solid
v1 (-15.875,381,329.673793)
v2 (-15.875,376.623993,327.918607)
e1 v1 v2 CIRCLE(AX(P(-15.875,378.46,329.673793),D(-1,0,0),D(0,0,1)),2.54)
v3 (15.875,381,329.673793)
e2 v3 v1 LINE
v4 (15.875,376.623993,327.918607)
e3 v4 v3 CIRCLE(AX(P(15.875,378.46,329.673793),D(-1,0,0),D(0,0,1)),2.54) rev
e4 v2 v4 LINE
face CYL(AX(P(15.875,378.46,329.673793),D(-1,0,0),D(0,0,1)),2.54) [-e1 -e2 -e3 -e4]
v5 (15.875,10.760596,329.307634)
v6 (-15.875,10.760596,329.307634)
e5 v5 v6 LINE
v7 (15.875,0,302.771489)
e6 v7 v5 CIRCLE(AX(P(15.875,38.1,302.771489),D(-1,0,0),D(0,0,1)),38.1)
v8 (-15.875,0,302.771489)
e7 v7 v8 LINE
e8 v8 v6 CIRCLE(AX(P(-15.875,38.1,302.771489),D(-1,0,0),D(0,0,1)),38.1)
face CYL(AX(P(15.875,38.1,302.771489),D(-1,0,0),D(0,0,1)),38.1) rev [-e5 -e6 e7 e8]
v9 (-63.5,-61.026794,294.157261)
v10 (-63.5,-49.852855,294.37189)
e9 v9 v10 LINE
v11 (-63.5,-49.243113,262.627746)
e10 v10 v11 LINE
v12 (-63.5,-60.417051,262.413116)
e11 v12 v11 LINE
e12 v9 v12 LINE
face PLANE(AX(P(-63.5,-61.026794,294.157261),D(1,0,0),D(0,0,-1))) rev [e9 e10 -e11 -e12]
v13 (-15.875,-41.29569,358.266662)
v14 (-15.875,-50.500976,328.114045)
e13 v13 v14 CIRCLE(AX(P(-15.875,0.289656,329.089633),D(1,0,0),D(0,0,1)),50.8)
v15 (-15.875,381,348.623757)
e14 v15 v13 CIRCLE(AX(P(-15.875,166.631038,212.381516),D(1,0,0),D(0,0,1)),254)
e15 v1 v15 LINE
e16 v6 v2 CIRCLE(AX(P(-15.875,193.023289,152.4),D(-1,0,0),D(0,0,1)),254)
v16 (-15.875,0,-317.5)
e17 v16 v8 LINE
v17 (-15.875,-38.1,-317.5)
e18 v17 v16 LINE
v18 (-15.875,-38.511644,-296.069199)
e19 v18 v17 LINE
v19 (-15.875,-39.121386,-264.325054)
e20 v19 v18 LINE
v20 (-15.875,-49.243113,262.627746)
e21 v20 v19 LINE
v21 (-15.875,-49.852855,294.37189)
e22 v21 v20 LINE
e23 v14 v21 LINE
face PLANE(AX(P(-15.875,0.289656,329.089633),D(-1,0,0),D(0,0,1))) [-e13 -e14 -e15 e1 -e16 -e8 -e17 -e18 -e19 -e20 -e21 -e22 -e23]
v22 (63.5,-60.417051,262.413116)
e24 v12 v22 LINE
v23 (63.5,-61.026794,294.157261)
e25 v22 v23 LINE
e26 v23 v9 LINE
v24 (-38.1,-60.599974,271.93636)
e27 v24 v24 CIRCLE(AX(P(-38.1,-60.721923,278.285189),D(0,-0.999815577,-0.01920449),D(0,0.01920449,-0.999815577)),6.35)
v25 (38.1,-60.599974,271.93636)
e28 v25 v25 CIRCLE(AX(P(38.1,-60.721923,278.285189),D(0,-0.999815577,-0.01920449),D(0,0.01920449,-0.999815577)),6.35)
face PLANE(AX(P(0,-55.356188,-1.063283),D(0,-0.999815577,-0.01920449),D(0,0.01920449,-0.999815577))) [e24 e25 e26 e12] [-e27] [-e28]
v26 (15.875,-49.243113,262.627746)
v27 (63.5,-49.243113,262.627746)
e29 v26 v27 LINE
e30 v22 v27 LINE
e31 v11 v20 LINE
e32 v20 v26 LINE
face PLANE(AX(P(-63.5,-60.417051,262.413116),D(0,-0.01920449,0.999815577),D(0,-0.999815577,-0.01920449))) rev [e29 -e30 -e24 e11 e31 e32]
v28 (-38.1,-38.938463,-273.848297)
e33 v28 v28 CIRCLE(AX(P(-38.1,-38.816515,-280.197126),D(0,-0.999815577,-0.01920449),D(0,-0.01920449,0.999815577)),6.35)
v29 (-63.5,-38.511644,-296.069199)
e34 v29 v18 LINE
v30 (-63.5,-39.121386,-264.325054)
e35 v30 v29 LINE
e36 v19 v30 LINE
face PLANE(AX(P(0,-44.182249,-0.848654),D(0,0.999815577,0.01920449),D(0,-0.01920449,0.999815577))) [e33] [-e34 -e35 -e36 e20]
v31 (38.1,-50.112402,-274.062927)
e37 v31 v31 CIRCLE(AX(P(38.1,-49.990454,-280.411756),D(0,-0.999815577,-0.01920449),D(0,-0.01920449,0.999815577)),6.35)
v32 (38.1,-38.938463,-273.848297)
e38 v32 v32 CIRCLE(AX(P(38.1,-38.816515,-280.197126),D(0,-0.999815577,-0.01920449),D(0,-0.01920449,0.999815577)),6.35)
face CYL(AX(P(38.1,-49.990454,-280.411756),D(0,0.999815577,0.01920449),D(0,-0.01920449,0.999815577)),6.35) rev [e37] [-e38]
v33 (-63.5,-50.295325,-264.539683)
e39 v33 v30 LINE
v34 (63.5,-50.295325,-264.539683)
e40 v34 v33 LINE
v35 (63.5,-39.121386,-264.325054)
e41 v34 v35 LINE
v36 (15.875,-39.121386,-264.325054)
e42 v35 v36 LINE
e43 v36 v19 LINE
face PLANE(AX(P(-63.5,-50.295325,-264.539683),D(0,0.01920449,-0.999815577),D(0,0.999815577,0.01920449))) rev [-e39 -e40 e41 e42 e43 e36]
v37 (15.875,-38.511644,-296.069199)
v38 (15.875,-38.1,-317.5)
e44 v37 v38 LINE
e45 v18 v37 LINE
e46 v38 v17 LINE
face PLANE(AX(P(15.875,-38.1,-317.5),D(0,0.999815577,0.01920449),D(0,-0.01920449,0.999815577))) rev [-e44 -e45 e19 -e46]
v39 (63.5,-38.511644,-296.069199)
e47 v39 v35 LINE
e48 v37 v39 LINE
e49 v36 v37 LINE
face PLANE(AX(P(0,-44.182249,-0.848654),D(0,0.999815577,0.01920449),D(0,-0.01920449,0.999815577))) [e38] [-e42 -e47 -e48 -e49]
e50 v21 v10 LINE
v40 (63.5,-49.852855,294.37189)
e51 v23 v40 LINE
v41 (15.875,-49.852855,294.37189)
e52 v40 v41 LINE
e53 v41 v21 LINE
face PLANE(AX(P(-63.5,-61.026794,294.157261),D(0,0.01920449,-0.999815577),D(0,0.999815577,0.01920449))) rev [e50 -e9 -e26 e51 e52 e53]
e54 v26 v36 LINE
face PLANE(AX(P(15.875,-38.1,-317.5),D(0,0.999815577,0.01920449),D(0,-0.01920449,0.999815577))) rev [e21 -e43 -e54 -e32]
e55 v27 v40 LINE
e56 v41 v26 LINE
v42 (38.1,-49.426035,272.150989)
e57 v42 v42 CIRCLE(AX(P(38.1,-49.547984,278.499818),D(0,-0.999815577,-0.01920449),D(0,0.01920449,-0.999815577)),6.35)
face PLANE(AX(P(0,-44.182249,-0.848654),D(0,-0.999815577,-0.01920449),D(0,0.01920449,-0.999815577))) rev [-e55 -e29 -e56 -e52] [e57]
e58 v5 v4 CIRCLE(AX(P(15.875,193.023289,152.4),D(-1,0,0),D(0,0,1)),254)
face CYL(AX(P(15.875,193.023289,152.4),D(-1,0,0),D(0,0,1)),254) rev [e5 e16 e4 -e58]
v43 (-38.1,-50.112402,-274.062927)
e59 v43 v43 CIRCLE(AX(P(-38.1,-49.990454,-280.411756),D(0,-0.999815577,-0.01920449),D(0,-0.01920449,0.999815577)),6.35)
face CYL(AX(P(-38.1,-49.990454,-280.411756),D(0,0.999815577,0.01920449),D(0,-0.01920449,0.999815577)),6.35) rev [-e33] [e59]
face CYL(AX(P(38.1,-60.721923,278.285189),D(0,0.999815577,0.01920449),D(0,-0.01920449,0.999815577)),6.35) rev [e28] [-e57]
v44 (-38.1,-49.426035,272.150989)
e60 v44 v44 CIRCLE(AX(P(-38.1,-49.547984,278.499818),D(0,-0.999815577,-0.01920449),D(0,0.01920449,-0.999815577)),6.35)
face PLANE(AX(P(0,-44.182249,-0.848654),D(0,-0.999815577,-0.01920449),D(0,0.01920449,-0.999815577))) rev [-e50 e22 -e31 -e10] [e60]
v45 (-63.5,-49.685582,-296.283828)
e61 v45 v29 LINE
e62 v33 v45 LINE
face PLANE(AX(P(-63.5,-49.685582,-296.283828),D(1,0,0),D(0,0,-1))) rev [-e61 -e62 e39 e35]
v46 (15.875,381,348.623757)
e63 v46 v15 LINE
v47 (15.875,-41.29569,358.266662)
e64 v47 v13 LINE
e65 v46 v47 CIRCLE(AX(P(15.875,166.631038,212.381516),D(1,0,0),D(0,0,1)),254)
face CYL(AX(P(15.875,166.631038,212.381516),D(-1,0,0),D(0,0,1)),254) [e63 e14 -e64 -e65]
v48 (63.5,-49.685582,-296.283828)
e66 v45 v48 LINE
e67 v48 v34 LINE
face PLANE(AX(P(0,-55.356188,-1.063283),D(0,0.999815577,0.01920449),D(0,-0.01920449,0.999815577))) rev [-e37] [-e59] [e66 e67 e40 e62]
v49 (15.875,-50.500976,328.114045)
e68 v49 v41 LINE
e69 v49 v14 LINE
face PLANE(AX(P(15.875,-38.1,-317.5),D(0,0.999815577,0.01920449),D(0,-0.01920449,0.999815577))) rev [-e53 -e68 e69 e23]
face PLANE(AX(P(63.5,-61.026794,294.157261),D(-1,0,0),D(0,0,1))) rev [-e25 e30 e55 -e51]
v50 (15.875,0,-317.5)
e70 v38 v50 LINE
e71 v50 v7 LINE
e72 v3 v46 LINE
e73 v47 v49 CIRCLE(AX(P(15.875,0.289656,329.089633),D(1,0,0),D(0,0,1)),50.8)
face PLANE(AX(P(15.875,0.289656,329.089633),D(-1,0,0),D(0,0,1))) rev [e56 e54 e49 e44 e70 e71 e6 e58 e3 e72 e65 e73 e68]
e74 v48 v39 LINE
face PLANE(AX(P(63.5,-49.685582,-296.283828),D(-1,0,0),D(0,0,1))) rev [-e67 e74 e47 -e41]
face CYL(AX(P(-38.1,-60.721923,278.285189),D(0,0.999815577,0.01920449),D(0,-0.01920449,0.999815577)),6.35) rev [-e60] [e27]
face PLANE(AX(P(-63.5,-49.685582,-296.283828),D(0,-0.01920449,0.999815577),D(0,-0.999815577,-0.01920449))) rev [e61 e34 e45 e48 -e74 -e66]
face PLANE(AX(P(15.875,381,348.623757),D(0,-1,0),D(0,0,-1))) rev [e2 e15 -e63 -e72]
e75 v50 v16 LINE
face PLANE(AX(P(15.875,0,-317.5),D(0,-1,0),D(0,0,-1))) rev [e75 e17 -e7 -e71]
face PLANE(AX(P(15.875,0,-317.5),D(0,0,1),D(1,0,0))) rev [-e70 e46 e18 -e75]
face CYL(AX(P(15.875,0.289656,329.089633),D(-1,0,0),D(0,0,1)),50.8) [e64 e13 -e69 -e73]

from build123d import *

# Parameters (mm, degrees)
BOSS_EXTRUDE1_DEPTH = 15.875
SKETCH2_W           = 127
SKETCH2_H           = 31.75
SKETCH2_R           = 6.35
BOSS_EXTRUDE2_DEPTH = 11.176
FILLET1_R           = 2.54


with BuildPart() as part:
    # Sketch1 → Boss-Extrude1 (new, symmetric)
    with BuildSketch(Plane(origin=(0, 0, 0), x_dir=(0, 0, -1), z_dir=(1, 0, 0))):
        with BuildLine():
            Line((317.5, 0), (-302.771488663, 0))
            ThreePointArc((-302.771488663, 0), (-317.088938009, 2.792484593), (-329.307633721, 10.760596103))
            ThreePointArc((-329.307633721, 10.760596103), (-406.365714437, 197.196523766), (-323.223757211, 381))
            Line((-323.223757211, 381), (-348.623757211, 381))
            ThreePointArc((-348.623757211, 381), (-466.315322723, 172.429486078), (-358.266662239, -41.295689879))
            ThreePointArc((-358.266662239, -41.295689879), (-343.922523577, -48.296611465), (-328.11404497, -50.500975578))
            Line((-328.11404497, -50.500975578), (317.5, -38.1))
            Line((317.5, -38.1), (317.5, 0))
        make_face()
    extrude(amount=BOSS_EXTRUDE1_DEPTH, both=True)

    # Sketch2 → Boss-Extrude2 (add)
    # profile 1 of 2: a face of its own
    with BuildSketch(Plane(origin=(0, -44.182249353, -0.848654083), x_dir=(1, 0, 0), z_dir=(0, -0.9998155767735977, -0.019204490122845825))):
        with Locations((0, 279.4)):
            Rectangle(SKETCH2_W, SKETCH2_H)
        with Locations(Location((38.1, 279.4, 0), (0, 0, 270))):
            Circle(SKETCH2_R, mode=Mode.SUBTRACT)
        with Locations(Location((-38.1, 279.4, 0), (0, 0, 270))):
            Circle(SKETCH2_R, mode=Mode.SUBTRACT)
    # profile 2 of 2: a face of its own
    with BuildSketch(Plane(origin=(0, -44.182249353, -0.848654083), x_dir=(1, 0, 0), z_dir=(0, -0.9998155767735977, -0.019204490122845825))):
        with Locations((0, -279.4)):
            Rectangle(SKETCH2_W, SKETCH2_H)
        with Locations(Location((-38.1, -279.4, 0), (0, 0, 90))):
            Circle(SKETCH2_R, mode=Mode.SUBTRACT)
        with Locations(Location((38.1, -279.4, 0), (0, 0, 90))):
            Circle(SKETCH2_R, mode=Mode.SUBTRACT)
    extrude(amount=BOSS_EXTRUDE2_DEPTH)

    # Fillet1
    fillet1_edges = [part.edges().sort_by_distance(p)[0] for p in [
        (0, 381, 323.223757211),
    ]]
    fillet(fillet1_edges, radius=FILLET1_R)


solid = part.part
